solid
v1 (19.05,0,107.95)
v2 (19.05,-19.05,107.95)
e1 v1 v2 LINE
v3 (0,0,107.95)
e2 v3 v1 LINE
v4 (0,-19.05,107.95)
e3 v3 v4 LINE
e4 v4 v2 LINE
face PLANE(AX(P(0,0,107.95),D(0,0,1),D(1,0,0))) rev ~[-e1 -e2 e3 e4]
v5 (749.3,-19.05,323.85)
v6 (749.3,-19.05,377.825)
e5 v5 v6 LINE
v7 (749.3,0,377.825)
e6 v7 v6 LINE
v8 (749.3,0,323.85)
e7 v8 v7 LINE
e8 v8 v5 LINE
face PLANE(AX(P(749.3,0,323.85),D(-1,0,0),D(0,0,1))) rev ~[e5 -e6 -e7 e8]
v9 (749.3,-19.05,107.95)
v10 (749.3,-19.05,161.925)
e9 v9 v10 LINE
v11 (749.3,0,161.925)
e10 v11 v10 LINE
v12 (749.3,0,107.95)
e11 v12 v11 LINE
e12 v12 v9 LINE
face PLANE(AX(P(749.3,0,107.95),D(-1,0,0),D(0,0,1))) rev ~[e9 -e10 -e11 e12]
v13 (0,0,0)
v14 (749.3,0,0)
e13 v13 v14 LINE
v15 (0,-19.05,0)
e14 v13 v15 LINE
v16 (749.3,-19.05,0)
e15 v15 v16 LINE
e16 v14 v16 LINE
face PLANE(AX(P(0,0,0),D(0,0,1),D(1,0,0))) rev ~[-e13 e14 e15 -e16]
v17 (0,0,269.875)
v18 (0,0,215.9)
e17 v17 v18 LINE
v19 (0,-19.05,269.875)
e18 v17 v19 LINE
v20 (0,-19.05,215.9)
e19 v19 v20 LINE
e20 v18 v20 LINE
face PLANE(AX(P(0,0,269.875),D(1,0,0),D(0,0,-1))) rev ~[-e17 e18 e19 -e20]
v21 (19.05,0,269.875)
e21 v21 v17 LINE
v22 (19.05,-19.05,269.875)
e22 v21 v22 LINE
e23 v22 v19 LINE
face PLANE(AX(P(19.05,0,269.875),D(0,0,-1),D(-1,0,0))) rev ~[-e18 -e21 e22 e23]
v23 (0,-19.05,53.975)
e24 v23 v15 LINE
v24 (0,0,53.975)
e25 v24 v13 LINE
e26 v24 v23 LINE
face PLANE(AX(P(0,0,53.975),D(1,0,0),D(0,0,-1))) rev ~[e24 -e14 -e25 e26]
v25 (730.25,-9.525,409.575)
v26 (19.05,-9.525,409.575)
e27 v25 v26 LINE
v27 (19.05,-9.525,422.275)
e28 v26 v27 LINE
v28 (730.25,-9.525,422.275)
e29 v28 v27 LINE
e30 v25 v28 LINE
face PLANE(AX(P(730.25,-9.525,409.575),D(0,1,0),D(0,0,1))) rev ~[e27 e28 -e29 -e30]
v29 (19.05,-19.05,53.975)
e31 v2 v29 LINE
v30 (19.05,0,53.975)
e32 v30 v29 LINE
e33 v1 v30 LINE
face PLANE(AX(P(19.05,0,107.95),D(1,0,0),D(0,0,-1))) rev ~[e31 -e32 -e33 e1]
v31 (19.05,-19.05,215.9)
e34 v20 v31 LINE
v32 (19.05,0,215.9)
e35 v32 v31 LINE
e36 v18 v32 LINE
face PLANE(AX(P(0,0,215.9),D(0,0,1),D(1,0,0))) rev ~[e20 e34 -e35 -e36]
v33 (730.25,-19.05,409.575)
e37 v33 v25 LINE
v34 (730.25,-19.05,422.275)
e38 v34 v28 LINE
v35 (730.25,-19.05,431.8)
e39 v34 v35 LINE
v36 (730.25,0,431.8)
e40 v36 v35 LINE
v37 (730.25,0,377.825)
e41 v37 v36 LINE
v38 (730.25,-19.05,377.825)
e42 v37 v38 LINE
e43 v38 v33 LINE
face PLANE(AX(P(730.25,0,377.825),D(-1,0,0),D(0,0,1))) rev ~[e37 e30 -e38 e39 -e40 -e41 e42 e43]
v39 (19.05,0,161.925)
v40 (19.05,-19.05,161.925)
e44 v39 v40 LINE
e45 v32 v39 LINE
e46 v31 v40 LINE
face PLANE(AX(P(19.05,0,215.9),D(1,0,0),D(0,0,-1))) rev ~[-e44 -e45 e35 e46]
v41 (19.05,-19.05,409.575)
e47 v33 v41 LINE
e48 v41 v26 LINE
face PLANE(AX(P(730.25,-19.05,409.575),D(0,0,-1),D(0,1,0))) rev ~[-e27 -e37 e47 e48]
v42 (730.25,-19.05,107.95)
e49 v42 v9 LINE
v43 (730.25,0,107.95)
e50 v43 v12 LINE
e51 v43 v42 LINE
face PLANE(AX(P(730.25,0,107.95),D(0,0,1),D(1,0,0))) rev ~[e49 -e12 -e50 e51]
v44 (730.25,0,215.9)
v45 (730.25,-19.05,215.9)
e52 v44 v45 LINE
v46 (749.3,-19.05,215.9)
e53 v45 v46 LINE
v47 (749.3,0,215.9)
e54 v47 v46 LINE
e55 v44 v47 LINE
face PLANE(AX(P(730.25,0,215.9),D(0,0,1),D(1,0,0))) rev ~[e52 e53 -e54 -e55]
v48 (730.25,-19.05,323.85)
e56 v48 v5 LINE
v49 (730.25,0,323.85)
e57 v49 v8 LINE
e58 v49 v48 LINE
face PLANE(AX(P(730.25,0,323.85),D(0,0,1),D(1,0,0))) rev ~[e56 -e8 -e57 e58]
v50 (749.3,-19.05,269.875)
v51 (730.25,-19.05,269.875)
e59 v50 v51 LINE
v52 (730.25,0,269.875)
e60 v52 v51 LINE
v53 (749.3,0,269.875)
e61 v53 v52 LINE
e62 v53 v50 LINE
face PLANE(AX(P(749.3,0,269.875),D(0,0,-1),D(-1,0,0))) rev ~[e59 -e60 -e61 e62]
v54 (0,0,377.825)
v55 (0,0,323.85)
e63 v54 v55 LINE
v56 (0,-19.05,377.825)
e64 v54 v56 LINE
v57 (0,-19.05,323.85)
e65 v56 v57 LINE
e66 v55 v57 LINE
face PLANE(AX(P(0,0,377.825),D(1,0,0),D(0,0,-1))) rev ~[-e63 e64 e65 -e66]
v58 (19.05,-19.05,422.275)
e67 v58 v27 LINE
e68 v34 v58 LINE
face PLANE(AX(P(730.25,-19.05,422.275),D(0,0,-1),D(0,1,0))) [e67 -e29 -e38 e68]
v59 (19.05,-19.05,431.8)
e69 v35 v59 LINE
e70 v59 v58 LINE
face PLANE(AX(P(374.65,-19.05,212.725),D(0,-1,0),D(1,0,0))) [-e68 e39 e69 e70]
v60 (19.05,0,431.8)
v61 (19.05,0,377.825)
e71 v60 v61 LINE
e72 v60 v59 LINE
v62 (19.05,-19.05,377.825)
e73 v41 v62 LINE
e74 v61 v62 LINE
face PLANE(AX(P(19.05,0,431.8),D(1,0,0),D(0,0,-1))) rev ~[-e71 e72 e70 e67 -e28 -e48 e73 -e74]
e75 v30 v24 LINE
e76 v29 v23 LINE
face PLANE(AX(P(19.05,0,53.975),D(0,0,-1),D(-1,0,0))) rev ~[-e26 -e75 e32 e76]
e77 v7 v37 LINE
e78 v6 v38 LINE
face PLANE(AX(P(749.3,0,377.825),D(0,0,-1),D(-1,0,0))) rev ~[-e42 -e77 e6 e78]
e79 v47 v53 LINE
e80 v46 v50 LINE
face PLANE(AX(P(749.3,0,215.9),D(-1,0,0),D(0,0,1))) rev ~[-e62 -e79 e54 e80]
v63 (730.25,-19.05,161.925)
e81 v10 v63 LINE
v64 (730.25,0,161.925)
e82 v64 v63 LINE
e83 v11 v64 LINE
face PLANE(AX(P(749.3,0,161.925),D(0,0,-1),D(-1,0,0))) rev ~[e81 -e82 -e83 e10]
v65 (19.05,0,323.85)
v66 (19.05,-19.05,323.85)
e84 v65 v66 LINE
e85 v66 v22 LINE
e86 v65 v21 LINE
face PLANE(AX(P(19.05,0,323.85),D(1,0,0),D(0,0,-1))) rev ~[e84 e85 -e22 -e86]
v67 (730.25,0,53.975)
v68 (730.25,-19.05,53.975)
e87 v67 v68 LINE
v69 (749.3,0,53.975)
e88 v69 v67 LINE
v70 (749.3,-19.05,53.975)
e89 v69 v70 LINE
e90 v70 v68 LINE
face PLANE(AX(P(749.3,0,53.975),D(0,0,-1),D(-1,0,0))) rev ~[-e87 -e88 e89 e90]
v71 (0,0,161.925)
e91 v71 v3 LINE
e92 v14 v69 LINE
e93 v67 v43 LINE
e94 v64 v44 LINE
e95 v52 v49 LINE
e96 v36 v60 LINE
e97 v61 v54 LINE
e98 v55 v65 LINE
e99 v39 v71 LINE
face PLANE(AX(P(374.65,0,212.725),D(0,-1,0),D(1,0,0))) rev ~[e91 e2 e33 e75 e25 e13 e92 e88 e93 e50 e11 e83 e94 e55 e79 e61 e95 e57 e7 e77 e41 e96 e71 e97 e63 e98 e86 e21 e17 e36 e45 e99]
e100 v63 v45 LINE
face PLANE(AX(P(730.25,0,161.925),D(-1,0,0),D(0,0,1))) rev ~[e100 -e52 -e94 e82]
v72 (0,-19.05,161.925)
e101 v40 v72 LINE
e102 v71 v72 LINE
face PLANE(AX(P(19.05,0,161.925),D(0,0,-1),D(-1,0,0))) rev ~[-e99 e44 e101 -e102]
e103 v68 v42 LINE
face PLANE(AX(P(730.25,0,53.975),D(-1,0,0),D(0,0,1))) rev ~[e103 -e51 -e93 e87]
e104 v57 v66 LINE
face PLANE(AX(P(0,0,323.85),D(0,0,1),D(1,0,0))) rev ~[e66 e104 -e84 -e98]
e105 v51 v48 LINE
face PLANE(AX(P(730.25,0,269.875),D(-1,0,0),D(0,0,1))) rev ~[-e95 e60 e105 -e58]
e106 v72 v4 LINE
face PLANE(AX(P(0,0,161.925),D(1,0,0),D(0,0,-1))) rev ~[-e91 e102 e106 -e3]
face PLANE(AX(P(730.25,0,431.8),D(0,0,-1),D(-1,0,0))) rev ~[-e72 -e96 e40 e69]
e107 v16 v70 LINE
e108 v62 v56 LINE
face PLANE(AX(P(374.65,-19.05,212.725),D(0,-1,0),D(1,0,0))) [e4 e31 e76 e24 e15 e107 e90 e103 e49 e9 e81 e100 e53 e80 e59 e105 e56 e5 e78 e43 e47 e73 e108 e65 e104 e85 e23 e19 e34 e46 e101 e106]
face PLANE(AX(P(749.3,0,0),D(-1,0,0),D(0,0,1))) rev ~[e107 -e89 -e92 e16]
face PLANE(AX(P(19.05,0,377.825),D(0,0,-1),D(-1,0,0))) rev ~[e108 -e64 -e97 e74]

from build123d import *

# Parameters (mm, degrees)
F1_DEPTH = 19.05
F2_W     = 9.525
F2_H     = 12.7
F3_DEPTH = 730.251


with BuildPart() as f1:
    # F0 (on Front) → F1 (new body)
    with BuildSketch(Plane.XZ):
        Polygon((0, 53.975), (0, 0), (749.3, 0), (749.3, 53.975), (730.25, 53.975), (730.25, 107.95), (749.3, 107.95), (749.3, 161.925), (730.25, 161.925), (730.25, 215.9), (749.3, 215.9), (749.3, 269.875), (730.25, 269.875), (730.25, 323.85), (749.3, 323.85), (749.3, 377.825), (730.25, 377.825), (730.25, 431.8), (19.05, 431.8), (19.05, 377.825), (0, 377.825), (0, 323.85), (19.05, 323.85), (19.05, 269.875), (0, 269.875), (0, 215.9), (19.05, 215.9), (19.05, 161.925), (0, 161.925), (0, 107.95), (19.05, 107.95), (19.05, 53.975), align=None)
    extrude(amount=F1_DEPTH)

    # F2 (on face) → F3 (cut, through all)
    with BuildSketch(Plane.YZ.offset(730.25)):
        with Locations((-14.2875, 415.925)):
            Rectangle(F2_W, F2_H)
    extrude(amount=-F3_DEPTH, mode=Mode.SUBTRACT)


solid = f1.part
